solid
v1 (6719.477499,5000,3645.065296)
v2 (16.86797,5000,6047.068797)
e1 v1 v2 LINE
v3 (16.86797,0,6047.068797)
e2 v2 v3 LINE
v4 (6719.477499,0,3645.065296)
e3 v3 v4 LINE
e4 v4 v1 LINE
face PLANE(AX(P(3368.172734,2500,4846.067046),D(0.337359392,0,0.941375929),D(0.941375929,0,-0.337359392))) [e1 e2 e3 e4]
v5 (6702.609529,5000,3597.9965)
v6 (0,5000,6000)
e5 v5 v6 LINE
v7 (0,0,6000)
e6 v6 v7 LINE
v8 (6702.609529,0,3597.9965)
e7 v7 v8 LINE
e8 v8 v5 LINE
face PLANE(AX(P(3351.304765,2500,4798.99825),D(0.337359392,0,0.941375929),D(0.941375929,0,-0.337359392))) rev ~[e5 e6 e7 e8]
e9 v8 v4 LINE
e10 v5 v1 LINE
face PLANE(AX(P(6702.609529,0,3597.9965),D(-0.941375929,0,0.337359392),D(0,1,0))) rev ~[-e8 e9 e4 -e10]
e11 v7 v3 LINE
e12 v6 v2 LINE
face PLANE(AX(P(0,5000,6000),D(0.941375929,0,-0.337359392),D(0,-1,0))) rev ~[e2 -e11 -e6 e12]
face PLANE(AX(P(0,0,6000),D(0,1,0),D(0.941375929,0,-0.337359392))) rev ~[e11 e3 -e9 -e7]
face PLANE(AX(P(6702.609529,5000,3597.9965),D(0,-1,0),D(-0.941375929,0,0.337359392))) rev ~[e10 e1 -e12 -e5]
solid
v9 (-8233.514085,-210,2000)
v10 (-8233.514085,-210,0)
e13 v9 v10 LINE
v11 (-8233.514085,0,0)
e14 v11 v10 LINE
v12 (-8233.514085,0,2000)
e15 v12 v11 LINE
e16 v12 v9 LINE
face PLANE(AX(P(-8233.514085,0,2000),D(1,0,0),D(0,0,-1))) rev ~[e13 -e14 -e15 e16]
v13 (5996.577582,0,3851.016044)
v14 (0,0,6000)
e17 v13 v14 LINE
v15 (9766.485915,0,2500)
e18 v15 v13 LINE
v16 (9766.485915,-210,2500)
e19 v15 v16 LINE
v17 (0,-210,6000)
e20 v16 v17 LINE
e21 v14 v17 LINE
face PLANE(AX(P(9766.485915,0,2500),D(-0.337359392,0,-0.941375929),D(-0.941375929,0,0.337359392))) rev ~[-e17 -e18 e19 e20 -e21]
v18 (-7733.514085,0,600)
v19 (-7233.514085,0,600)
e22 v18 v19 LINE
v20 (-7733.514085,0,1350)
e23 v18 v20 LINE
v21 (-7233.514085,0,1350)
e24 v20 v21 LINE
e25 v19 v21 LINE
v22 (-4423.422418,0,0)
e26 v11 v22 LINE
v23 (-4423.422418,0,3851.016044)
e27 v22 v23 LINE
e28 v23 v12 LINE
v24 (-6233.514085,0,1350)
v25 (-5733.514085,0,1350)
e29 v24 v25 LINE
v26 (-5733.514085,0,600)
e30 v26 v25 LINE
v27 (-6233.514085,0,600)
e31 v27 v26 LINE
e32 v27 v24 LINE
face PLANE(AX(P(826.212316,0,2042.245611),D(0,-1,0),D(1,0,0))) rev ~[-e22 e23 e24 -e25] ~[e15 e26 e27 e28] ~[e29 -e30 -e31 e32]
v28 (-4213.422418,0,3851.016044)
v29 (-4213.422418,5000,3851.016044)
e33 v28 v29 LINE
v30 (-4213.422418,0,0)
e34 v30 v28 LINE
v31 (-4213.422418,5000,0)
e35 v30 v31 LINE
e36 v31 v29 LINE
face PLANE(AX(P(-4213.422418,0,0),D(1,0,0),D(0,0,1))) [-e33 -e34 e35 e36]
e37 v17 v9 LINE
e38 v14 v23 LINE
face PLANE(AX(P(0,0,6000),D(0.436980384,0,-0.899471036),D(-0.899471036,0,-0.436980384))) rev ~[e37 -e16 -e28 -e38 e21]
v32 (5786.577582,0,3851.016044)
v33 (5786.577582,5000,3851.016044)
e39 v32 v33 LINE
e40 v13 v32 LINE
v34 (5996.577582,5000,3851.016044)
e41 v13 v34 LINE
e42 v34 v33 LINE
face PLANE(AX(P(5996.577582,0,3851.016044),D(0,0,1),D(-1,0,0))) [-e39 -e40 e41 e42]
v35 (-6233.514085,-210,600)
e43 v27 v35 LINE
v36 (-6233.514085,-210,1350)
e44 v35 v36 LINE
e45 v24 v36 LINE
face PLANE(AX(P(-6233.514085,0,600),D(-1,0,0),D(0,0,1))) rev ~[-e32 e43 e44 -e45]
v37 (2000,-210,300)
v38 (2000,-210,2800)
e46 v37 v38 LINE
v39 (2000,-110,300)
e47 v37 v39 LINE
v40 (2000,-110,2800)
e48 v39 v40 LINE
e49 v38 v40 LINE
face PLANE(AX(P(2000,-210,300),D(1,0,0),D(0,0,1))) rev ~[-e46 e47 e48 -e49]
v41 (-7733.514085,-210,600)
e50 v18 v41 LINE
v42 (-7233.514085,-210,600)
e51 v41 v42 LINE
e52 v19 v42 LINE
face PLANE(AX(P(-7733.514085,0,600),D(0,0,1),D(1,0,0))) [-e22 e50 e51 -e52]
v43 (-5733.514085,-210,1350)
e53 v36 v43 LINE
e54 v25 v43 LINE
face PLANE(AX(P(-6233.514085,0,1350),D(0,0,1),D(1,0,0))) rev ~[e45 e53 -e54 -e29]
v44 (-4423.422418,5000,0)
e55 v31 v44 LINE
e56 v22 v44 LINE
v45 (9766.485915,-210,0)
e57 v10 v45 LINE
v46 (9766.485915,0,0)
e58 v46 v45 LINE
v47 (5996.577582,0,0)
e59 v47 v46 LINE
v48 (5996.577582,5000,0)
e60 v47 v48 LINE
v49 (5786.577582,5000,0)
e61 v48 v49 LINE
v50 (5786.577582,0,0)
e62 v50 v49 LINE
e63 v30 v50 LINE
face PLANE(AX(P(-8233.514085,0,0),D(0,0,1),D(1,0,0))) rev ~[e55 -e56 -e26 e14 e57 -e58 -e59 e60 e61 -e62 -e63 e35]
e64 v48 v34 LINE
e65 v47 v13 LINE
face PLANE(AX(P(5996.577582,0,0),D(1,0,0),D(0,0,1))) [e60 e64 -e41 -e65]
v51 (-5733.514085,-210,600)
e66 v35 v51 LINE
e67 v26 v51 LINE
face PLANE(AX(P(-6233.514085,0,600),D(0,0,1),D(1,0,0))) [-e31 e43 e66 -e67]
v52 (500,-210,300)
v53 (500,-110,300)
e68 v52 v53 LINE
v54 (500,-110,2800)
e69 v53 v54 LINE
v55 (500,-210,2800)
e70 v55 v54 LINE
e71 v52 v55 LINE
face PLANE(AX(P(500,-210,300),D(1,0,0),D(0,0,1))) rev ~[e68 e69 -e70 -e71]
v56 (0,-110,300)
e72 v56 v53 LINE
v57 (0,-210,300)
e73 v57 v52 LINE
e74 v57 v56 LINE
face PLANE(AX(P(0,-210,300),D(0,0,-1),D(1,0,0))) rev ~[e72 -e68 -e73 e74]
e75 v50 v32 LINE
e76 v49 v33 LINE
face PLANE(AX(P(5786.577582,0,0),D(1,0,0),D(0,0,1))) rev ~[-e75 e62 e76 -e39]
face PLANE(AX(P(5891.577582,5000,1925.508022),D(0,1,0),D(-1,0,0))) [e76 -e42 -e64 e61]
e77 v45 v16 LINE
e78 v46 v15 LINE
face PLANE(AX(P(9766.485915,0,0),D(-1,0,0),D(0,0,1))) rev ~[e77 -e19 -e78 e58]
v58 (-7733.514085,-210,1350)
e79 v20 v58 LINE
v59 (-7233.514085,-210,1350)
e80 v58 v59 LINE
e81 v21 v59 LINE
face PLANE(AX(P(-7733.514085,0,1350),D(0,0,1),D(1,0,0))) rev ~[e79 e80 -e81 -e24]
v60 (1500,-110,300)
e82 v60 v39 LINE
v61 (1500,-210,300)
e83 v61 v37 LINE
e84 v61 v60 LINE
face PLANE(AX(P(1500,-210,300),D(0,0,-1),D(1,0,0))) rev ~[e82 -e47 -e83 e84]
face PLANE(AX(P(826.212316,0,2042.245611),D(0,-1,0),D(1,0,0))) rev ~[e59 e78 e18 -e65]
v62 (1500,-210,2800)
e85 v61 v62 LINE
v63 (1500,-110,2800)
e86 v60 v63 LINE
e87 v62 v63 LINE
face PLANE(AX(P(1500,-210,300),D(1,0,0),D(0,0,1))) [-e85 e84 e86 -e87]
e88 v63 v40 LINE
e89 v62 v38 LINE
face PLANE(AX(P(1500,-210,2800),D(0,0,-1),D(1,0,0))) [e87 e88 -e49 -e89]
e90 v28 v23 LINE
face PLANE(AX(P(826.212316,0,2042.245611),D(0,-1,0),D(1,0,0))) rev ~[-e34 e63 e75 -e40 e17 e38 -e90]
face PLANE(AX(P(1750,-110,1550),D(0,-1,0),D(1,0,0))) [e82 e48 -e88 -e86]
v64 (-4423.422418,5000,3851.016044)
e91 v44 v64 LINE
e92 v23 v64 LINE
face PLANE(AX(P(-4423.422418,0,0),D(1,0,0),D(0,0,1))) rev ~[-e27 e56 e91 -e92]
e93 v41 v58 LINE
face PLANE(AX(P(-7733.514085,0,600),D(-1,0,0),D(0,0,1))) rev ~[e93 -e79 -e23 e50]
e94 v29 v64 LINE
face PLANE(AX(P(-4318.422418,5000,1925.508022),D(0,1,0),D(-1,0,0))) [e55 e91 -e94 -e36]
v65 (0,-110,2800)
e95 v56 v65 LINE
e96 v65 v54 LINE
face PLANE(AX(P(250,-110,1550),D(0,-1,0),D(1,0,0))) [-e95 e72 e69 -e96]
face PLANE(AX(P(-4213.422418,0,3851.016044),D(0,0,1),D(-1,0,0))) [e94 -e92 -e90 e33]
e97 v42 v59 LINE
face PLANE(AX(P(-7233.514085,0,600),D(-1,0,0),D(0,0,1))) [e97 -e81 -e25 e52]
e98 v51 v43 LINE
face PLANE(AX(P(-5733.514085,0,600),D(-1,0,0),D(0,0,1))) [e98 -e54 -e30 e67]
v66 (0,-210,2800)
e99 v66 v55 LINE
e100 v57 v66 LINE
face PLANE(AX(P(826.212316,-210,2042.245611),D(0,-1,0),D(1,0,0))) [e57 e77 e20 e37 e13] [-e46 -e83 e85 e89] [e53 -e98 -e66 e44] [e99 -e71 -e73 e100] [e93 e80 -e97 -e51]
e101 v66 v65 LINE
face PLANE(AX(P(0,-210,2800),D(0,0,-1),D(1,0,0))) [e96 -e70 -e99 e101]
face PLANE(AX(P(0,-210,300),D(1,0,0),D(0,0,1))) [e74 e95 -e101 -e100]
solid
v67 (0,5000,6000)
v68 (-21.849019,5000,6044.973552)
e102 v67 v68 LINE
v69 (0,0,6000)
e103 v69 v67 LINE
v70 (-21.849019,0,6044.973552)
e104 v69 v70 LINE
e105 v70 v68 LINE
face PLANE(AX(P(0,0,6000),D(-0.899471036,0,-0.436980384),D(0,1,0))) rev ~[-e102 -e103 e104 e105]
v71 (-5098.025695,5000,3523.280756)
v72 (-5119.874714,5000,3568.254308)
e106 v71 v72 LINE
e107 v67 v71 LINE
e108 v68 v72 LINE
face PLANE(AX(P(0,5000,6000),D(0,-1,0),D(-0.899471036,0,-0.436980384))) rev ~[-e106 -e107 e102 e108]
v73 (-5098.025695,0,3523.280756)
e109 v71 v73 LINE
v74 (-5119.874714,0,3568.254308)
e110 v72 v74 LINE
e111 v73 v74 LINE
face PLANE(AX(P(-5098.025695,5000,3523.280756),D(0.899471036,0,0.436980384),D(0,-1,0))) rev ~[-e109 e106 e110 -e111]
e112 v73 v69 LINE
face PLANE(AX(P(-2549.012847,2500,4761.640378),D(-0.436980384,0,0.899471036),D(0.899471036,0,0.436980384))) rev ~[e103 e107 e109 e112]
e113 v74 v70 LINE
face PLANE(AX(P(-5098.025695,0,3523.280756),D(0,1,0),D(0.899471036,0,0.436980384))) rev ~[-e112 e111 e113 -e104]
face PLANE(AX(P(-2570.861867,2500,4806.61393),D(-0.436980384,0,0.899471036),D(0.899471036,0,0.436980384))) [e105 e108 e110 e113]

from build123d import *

# Parameters (mm, degrees)
F0_W     = 500
F0_H     = 750
F1_DEPTH = 210
F2_W     = 500
F2_H     = 2500
F3_DEPTH = 100
F4_W     = 210
F4_H     = 3851.0160439499
F5_DEPTH = 5000
F7_DEPTH = 50
F9_DEPTH = 50


with BuildPart() as f1:
    # F0 (on Front) → F1 (new body)
    with BuildSketch(Plane.XZ):
        Polygon((-8233.5140852987, 0), (0, 0), (9766.4859147013, 0), (9766.4859147013, 2500), (0, 6000), (-5203.5374641418, 3472.0211029053), (-8233.5140852987, 2000), align=None)
        with Locations((-7483.5140852987, 975)):
            Rectangle(F0_W, F0_H, mode=Mode.SUBTRACT)
        with Locations((-5983.5140852987, 975)):
            Rectangle(F0_W, F0_H, mode=Mode.SUBTRACT)
    extrude(amount=F1_DEPTH)

    # F2 (on face) → F3 (cut)
    with BuildSketch(Plane.XZ.offset(210)):
        with Locations((250, 1550)):
            Rectangle(F2_W, F2_H)
        with Locations((1750, 1550)):
            Rectangle(F2_W, F2_H)
    extrude(amount=-F3_DEPTH, mode=Mode.SUBTRACT)

    # F4 (on face) → F5 (join)
    with BuildSketch(Plane(origin=(0, 0, 0), x_dir=(-1, 0, 0), z_dir=(0, 1, 0))):
        with Locations((4318.4224178049, 1925.5080219749)):
            Rectangle(F4_W, F4_H)
        with Locations((-5891.5775821951, 1925.5080219749)):
            Rectangle(F4_W, F4_H)
    extrude(amount=F5_DEPTH)


with BuildPart() as f7:
    # F6 (on face) → F7 (new body)
    with BuildSketch(Plane(origin=(-2358.3071897462, 0, 4854.2888660592), x_dir=(0.8994710359, 0, 0.4369803836), z_dir=(-0.4369803836, 0, 0.8994710359))):
        Polygon((-2295.9218760104, 0), (2621.8823016384, 0), (2621.8823016384, 5000), (-3045.9218760104, 5000), (-3045.9218760104, 0), align=None)
    extrude(amount=F7_DEPTH)


with BuildPart() as f9:
    # F8 (on face) → F9 (new body)
    with BuildSketch(Plane(origin=(1905.4920686735, 0, 5317.1318426499), x_dir=(0.9413759294, 0, -0.3373593923), z_dir=(0.3373593923, 0, 0.9413759294))):
        Polygon((-2024.1563536694, 5000), (-2024.1563536694, 0), (4345.857362379, 0), (5095.857362379, 0), (5095.857362379, 5000), align=None)
    extrude(amount=F9_DEPTH)


solid = Compound([f1.part, f7.part, f9.part])
